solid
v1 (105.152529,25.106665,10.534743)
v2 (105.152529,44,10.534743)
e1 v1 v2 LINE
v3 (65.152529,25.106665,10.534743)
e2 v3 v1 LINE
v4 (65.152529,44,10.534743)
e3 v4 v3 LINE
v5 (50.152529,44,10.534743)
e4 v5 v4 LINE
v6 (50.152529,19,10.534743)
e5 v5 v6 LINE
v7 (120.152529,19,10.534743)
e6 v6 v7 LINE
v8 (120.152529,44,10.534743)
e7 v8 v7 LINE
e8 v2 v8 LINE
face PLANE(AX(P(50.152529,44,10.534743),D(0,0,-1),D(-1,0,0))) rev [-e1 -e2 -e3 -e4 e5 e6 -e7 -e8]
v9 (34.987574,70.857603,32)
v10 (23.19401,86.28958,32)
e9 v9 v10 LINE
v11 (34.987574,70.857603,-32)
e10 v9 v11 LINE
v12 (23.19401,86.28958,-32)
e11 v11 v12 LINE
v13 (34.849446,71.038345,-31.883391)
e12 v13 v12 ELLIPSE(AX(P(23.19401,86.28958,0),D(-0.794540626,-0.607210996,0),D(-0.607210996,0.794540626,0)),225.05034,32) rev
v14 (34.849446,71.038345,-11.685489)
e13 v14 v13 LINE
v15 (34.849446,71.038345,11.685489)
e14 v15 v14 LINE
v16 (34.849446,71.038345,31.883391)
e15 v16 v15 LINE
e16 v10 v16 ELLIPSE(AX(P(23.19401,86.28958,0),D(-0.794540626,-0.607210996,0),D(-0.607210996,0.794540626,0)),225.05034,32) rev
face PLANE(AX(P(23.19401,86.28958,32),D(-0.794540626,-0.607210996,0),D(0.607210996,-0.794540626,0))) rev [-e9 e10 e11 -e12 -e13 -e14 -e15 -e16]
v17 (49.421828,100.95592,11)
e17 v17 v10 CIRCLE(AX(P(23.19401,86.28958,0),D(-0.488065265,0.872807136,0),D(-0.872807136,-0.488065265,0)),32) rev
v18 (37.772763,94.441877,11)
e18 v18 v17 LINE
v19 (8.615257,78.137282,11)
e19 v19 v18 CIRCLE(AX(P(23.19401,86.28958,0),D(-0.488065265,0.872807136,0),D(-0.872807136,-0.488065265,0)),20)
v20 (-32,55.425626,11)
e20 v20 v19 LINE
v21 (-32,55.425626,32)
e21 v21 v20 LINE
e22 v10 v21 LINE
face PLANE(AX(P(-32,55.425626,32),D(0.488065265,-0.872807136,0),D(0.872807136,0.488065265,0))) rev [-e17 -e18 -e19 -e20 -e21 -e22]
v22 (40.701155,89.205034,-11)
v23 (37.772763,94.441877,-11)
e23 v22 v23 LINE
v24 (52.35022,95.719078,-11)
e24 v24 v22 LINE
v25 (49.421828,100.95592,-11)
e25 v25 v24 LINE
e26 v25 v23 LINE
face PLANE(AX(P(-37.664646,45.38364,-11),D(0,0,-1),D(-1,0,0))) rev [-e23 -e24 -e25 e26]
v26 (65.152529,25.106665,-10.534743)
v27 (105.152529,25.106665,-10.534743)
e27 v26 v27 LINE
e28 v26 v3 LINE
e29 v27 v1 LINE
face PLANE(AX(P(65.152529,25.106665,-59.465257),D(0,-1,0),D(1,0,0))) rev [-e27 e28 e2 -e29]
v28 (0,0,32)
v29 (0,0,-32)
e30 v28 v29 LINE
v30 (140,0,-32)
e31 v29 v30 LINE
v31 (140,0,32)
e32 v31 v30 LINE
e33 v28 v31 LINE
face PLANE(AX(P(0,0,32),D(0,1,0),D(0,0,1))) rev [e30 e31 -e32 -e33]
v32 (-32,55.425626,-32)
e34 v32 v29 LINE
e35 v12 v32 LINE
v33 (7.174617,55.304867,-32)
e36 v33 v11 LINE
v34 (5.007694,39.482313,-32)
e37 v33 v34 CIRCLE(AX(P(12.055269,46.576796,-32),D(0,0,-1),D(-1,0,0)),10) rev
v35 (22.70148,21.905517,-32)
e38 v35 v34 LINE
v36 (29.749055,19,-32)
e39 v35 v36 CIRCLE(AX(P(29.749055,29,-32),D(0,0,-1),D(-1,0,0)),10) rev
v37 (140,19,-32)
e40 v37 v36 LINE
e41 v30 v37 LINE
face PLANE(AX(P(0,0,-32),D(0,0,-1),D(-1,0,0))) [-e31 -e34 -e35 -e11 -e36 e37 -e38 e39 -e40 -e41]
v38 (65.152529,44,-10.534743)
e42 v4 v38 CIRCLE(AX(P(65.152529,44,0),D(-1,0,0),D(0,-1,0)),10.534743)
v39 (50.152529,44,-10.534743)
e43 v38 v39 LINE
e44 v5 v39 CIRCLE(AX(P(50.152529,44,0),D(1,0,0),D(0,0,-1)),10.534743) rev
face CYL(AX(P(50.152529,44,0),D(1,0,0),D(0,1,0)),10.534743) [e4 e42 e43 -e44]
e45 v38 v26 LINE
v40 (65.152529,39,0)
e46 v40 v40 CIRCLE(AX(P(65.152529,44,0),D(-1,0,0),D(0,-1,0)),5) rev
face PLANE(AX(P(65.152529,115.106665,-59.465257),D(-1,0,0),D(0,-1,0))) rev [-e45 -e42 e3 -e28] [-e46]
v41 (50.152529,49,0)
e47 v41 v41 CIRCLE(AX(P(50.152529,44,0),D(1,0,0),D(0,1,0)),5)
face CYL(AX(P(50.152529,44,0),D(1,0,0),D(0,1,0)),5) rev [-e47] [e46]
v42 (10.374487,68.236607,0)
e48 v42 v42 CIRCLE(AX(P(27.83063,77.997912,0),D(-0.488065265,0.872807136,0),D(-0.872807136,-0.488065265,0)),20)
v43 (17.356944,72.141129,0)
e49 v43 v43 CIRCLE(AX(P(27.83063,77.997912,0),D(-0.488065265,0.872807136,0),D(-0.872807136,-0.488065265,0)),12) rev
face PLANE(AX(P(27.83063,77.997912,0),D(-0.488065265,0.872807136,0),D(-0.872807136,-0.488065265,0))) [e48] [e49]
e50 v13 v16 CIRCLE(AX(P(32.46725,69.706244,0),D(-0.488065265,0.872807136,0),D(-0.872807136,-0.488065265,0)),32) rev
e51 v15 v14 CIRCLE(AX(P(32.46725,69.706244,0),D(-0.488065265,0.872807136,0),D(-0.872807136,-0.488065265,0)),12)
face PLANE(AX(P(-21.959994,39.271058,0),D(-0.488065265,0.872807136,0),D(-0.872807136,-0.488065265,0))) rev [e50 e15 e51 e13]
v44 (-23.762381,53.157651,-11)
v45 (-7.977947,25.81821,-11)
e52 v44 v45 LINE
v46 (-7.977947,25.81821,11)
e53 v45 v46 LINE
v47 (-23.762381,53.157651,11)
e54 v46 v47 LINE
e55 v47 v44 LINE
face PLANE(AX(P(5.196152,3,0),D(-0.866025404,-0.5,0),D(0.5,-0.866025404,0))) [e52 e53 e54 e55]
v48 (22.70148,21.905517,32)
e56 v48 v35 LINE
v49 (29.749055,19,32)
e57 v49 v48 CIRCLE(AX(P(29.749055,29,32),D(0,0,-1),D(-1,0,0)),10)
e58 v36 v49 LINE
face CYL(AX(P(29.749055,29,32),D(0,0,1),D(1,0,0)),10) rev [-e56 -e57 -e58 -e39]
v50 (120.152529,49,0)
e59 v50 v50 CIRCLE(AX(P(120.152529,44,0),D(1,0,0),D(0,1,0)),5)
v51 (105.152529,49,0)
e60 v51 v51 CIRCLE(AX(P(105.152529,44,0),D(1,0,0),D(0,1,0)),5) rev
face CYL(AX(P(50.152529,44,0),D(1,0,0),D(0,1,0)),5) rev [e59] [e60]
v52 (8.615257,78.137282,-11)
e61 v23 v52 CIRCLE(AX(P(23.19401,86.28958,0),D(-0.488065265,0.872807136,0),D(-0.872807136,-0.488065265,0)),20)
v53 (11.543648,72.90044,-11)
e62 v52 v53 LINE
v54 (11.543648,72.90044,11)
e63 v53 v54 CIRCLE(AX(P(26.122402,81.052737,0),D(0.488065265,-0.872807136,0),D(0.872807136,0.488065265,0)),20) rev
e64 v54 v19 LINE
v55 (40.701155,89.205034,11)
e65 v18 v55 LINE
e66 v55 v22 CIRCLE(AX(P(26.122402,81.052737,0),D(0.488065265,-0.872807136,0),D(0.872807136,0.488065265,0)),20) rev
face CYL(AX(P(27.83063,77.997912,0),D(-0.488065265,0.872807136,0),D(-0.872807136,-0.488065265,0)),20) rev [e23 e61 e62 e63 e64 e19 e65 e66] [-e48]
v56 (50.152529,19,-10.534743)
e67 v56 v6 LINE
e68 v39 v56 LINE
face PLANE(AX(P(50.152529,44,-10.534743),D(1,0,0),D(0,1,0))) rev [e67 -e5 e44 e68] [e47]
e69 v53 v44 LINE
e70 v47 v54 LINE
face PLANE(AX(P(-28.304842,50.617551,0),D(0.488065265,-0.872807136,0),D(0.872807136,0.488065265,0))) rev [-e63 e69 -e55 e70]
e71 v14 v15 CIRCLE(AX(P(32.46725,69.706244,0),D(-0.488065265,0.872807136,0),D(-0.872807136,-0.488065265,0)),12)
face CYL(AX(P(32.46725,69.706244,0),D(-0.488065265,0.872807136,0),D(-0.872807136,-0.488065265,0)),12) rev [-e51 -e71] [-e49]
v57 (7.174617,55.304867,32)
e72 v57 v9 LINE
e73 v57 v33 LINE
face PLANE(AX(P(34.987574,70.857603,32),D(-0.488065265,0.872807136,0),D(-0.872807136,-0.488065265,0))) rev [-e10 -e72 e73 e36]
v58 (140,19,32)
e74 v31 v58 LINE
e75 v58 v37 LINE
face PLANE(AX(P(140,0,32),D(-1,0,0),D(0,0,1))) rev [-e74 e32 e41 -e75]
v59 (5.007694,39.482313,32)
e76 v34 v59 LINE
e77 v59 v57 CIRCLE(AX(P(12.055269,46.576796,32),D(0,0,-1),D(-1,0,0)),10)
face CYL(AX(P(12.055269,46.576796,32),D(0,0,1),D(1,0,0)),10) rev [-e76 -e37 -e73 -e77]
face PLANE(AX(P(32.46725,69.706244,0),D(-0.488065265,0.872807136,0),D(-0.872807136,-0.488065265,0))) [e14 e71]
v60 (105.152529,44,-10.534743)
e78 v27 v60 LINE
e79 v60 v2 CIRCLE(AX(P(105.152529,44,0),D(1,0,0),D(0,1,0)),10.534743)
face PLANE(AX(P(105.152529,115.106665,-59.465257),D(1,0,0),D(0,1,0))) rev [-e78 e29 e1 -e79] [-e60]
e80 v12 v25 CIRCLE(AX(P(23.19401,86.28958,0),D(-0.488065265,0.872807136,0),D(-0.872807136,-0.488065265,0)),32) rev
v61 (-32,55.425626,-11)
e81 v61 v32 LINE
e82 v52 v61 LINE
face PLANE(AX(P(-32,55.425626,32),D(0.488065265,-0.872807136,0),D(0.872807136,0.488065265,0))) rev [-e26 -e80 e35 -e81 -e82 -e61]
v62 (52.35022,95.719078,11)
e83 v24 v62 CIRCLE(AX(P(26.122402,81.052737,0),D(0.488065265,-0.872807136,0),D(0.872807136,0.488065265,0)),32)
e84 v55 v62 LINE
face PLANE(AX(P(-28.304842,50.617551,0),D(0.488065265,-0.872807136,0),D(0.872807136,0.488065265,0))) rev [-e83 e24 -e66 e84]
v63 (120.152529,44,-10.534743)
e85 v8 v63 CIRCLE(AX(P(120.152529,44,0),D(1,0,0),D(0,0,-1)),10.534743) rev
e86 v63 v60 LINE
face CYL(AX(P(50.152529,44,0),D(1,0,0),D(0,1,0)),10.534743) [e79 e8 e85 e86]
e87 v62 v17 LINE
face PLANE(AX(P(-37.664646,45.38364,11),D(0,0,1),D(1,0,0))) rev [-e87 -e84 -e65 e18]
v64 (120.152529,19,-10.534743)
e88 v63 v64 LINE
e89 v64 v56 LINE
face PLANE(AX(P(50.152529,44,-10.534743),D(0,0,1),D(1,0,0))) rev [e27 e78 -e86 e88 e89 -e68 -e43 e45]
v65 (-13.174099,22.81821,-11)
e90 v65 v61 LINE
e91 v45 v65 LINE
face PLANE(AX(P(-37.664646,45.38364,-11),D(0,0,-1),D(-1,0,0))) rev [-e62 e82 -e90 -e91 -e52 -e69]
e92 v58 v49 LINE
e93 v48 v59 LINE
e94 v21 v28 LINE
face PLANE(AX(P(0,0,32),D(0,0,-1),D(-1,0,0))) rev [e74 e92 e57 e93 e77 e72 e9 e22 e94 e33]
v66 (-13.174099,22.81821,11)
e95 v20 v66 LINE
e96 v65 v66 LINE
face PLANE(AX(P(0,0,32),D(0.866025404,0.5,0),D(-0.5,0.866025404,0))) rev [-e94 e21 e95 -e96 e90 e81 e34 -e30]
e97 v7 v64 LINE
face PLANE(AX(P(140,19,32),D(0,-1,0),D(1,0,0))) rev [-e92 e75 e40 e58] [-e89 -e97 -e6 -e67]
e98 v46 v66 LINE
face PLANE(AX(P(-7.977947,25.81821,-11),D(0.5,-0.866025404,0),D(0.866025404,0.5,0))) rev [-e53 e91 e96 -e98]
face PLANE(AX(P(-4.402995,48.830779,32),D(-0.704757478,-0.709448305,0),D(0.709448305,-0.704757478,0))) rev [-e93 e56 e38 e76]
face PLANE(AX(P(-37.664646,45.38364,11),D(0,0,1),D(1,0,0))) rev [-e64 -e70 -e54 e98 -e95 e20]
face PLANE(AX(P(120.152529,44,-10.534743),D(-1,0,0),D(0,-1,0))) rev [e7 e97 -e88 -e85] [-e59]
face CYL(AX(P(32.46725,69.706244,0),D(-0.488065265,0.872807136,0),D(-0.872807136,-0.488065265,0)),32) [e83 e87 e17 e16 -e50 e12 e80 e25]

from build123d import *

# Parameters (mm, degrees)
BOSS_EXTRUDE1_DEPTH = 32
FILLET1_R           = 10
FILLET2_R           = 10
BOSS_EXTRUDE2_DEPTH = 19
SKETCH3_R           = 12
CUT_EXTRUDE1_DEPTH  = 19
SKETCH4_R           = 20
CUT_EXTRUDE2_DEPTH  = 9.5
SKETCH5_W           = 146.165275263
SKETCH5_H           = 22
CUT_EXTRUDE3_DEPTH  = 6
SKETCH6_W           = 22
SKETCH6_H           = 63.302471394
CUT_EXTRUDE4_DEPTH  = 6
SKETCH7_W           = 70
SKETCH7_H           = 21.06948543
BOSS_EXTRUDE3_DEPTH = 25
BOSS_EXTRUDE4_DEPTH = 70
SKETCH9_R           = 5
CUT_EXTRUDE5_DEPTH  = 70
SKETCH10_W          = 40
SKETCH10_H          = 90
CUT_EXTRUDE6_DEPTH  = 70


with BuildPart() as part:
    # Sketch1 → Boss-Extrude1 (new, symmetric)
    with BuildSketch(Plane.XY):
        Polygon((0, 0), (140, 0), (140, 19), (25.626336332, 19), (-4.402994998, 48.830779291), (34.987574414, 70.857602718), (23.194010005, 86.289579595), (-32, 55.425625842), align=None)
    extrude(amount=BOSS_EXTRUDE1_DEPTH, both=True)

    # Fillet1
    fillet1_edges = [part.edges().sort_by_distance(p)[0] for p in [
        (-4.402994998, 48.830779291, 0),
    ]]
    fillet(fillet1_edges, radius=FILLET1_R)

    # Fillet2
    fillet2_edges = [part.edges().sort_by_distance(p)[0] for p in [
        (25.626336332, 19, 0),
    ]]
    fillet(fillet2_edges, radius=FILLET2_R)

    # Sketch2 → Boss-Extrude2 (add)
    with BuildSketch(Plane(origin=(-31.233234019, 55.854393924, 0), x_dir=(0.8728071364976854, 0.4880652645689006, 0), z_dir=(-0.48806526456890054, 0.8728071364976853, 0))):
        with BuildLine():
            ThreePointArc((62.358843951, 32), (94.358843951, 0), (62.358843951, -32))
            Line((62.358843951, -32), (62.358843951, 32))
        make_face()
    extrude(amount=-BOSS_EXTRUDE2_DEPTH)

    # Sketch3 → Cut-Extrude1 (cut)
    with BuildSketch(Plane(origin=(-31.233234019, 55.854393924, 0), x_dir=(0.8728071364976854, 0.4880652645689006, 0), z_dir=(-0.48806526456890054, 0.8728071364976853, 0))):
        with Locations(Location((62.358843951, 0, 0), (0, 0, 180))):
            Circle(SKETCH3_R)
    extrude(amount=-CUT_EXTRUDE1_DEPTH, mode=Mode.SUBTRACT)

    # Sketch4 → Cut-Extrude2 (cut)
    with BuildSketch(Plane(origin=(-31.233234019, 55.854393924, 0), x_dir=(0.8728071364976854, 0.4880652645689006, 0), z_dir=(-0.48806526456890054, 0.8728071364976853, 0))):
        with Locations(Location((62.358843951, 0, 0), (0, 0, 180))):
            Circle(SKETCH4_R)
    extrude(amount=-CUT_EXTRUDE2_DEPTH, mode=Mode.SUBTRACT)

    # Sketch5 → Cut-Extrude3 (cut)
    with BuildSketch(Plane(origin=(-31.233234019, 55.854393924, 0), x_dir=(0.8728071364976854, 0.4880652645689006, 0), z_dir=(-0.48806526456890054, 0.8728071364976853, 0))):
        with Locations((62.35884395, 0)):
            Rectangle(SKETCH5_W, SKETCH5_H)
    extrude(amount=-CUT_EXTRUDE3_DEPTH, mode=Mode.SUBTRACT)

    # Sketch6 → Cut-Extrude4 (cut)
    with BuildSketch(Plane(origin=(0, 0, 0), x_dir=(0, 0, 1), z_dir=(-0.8660254037844362, -0.5000000000000046, 0))):
        with Locations((0, 57.999434657)):
            Rectangle(SKETCH6_W, SKETCH6_H)
    extrude(amount=-CUT_EXTRUDE4_DEPTH, mode=Mode.SUBTRACT)

    # Sketch7 → Boss-Extrude3 (add)
    with BuildSketch(Plane(origin=(0, 19, 0), x_dir=(1, 0, 0), z_dir=(0, 1, 0))):
        with Locations((85.152528748, 0)):
            Rectangle(SKETCH7_W, SKETCH7_H)
    extrude(amount=BOSS_EXTRUDE3_DEPTH)

    # Sketch8 → Boss-Extrude4 (add)
    with BuildSketch(Plane(origin=(120.152528748, 0, 0), x_dir=(0, 0, -1), z_dir=(1, 0, 0))):
        with BuildLine():
            ThreePointArc((-10.534742715, 44), (0, 54.534742715), (10.534742715, 44))
            Line((10.534742715, 44), (-10.534742715, 44))
        make_face()
    extrude(amount=-BOSS_EXTRUDE4_DEPTH)

    # Sketch9 → Cut-Extrude5 (cut)
    with BuildSketch(Plane(origin=(120.152528748, 0, 0), x_dir=(0, 0, -1), z_dir=(1, 0, 0))):
        with Locations(Location((0, 44, 0), (0, 0, 90))):
            Circle(SKETCH9_R)
    extrude(amount=-CUT_EXTRUDE5_DEPTH, mode=Mode.SUBTRACT)

    # Sketch10 → Cut-Extrude6 (cut)
    with BuildSketch(Plane.XY.offset(10.534742715)):
        with Locations((85.152528748, 70.106665045)):
            Rectangle(SKETCH10_W, SKETCH10_H)
    extrude(amount=-CUT_EXTRUDE6_DEPTH, mode=Mode.SUBTRACT)


solid = part.part
